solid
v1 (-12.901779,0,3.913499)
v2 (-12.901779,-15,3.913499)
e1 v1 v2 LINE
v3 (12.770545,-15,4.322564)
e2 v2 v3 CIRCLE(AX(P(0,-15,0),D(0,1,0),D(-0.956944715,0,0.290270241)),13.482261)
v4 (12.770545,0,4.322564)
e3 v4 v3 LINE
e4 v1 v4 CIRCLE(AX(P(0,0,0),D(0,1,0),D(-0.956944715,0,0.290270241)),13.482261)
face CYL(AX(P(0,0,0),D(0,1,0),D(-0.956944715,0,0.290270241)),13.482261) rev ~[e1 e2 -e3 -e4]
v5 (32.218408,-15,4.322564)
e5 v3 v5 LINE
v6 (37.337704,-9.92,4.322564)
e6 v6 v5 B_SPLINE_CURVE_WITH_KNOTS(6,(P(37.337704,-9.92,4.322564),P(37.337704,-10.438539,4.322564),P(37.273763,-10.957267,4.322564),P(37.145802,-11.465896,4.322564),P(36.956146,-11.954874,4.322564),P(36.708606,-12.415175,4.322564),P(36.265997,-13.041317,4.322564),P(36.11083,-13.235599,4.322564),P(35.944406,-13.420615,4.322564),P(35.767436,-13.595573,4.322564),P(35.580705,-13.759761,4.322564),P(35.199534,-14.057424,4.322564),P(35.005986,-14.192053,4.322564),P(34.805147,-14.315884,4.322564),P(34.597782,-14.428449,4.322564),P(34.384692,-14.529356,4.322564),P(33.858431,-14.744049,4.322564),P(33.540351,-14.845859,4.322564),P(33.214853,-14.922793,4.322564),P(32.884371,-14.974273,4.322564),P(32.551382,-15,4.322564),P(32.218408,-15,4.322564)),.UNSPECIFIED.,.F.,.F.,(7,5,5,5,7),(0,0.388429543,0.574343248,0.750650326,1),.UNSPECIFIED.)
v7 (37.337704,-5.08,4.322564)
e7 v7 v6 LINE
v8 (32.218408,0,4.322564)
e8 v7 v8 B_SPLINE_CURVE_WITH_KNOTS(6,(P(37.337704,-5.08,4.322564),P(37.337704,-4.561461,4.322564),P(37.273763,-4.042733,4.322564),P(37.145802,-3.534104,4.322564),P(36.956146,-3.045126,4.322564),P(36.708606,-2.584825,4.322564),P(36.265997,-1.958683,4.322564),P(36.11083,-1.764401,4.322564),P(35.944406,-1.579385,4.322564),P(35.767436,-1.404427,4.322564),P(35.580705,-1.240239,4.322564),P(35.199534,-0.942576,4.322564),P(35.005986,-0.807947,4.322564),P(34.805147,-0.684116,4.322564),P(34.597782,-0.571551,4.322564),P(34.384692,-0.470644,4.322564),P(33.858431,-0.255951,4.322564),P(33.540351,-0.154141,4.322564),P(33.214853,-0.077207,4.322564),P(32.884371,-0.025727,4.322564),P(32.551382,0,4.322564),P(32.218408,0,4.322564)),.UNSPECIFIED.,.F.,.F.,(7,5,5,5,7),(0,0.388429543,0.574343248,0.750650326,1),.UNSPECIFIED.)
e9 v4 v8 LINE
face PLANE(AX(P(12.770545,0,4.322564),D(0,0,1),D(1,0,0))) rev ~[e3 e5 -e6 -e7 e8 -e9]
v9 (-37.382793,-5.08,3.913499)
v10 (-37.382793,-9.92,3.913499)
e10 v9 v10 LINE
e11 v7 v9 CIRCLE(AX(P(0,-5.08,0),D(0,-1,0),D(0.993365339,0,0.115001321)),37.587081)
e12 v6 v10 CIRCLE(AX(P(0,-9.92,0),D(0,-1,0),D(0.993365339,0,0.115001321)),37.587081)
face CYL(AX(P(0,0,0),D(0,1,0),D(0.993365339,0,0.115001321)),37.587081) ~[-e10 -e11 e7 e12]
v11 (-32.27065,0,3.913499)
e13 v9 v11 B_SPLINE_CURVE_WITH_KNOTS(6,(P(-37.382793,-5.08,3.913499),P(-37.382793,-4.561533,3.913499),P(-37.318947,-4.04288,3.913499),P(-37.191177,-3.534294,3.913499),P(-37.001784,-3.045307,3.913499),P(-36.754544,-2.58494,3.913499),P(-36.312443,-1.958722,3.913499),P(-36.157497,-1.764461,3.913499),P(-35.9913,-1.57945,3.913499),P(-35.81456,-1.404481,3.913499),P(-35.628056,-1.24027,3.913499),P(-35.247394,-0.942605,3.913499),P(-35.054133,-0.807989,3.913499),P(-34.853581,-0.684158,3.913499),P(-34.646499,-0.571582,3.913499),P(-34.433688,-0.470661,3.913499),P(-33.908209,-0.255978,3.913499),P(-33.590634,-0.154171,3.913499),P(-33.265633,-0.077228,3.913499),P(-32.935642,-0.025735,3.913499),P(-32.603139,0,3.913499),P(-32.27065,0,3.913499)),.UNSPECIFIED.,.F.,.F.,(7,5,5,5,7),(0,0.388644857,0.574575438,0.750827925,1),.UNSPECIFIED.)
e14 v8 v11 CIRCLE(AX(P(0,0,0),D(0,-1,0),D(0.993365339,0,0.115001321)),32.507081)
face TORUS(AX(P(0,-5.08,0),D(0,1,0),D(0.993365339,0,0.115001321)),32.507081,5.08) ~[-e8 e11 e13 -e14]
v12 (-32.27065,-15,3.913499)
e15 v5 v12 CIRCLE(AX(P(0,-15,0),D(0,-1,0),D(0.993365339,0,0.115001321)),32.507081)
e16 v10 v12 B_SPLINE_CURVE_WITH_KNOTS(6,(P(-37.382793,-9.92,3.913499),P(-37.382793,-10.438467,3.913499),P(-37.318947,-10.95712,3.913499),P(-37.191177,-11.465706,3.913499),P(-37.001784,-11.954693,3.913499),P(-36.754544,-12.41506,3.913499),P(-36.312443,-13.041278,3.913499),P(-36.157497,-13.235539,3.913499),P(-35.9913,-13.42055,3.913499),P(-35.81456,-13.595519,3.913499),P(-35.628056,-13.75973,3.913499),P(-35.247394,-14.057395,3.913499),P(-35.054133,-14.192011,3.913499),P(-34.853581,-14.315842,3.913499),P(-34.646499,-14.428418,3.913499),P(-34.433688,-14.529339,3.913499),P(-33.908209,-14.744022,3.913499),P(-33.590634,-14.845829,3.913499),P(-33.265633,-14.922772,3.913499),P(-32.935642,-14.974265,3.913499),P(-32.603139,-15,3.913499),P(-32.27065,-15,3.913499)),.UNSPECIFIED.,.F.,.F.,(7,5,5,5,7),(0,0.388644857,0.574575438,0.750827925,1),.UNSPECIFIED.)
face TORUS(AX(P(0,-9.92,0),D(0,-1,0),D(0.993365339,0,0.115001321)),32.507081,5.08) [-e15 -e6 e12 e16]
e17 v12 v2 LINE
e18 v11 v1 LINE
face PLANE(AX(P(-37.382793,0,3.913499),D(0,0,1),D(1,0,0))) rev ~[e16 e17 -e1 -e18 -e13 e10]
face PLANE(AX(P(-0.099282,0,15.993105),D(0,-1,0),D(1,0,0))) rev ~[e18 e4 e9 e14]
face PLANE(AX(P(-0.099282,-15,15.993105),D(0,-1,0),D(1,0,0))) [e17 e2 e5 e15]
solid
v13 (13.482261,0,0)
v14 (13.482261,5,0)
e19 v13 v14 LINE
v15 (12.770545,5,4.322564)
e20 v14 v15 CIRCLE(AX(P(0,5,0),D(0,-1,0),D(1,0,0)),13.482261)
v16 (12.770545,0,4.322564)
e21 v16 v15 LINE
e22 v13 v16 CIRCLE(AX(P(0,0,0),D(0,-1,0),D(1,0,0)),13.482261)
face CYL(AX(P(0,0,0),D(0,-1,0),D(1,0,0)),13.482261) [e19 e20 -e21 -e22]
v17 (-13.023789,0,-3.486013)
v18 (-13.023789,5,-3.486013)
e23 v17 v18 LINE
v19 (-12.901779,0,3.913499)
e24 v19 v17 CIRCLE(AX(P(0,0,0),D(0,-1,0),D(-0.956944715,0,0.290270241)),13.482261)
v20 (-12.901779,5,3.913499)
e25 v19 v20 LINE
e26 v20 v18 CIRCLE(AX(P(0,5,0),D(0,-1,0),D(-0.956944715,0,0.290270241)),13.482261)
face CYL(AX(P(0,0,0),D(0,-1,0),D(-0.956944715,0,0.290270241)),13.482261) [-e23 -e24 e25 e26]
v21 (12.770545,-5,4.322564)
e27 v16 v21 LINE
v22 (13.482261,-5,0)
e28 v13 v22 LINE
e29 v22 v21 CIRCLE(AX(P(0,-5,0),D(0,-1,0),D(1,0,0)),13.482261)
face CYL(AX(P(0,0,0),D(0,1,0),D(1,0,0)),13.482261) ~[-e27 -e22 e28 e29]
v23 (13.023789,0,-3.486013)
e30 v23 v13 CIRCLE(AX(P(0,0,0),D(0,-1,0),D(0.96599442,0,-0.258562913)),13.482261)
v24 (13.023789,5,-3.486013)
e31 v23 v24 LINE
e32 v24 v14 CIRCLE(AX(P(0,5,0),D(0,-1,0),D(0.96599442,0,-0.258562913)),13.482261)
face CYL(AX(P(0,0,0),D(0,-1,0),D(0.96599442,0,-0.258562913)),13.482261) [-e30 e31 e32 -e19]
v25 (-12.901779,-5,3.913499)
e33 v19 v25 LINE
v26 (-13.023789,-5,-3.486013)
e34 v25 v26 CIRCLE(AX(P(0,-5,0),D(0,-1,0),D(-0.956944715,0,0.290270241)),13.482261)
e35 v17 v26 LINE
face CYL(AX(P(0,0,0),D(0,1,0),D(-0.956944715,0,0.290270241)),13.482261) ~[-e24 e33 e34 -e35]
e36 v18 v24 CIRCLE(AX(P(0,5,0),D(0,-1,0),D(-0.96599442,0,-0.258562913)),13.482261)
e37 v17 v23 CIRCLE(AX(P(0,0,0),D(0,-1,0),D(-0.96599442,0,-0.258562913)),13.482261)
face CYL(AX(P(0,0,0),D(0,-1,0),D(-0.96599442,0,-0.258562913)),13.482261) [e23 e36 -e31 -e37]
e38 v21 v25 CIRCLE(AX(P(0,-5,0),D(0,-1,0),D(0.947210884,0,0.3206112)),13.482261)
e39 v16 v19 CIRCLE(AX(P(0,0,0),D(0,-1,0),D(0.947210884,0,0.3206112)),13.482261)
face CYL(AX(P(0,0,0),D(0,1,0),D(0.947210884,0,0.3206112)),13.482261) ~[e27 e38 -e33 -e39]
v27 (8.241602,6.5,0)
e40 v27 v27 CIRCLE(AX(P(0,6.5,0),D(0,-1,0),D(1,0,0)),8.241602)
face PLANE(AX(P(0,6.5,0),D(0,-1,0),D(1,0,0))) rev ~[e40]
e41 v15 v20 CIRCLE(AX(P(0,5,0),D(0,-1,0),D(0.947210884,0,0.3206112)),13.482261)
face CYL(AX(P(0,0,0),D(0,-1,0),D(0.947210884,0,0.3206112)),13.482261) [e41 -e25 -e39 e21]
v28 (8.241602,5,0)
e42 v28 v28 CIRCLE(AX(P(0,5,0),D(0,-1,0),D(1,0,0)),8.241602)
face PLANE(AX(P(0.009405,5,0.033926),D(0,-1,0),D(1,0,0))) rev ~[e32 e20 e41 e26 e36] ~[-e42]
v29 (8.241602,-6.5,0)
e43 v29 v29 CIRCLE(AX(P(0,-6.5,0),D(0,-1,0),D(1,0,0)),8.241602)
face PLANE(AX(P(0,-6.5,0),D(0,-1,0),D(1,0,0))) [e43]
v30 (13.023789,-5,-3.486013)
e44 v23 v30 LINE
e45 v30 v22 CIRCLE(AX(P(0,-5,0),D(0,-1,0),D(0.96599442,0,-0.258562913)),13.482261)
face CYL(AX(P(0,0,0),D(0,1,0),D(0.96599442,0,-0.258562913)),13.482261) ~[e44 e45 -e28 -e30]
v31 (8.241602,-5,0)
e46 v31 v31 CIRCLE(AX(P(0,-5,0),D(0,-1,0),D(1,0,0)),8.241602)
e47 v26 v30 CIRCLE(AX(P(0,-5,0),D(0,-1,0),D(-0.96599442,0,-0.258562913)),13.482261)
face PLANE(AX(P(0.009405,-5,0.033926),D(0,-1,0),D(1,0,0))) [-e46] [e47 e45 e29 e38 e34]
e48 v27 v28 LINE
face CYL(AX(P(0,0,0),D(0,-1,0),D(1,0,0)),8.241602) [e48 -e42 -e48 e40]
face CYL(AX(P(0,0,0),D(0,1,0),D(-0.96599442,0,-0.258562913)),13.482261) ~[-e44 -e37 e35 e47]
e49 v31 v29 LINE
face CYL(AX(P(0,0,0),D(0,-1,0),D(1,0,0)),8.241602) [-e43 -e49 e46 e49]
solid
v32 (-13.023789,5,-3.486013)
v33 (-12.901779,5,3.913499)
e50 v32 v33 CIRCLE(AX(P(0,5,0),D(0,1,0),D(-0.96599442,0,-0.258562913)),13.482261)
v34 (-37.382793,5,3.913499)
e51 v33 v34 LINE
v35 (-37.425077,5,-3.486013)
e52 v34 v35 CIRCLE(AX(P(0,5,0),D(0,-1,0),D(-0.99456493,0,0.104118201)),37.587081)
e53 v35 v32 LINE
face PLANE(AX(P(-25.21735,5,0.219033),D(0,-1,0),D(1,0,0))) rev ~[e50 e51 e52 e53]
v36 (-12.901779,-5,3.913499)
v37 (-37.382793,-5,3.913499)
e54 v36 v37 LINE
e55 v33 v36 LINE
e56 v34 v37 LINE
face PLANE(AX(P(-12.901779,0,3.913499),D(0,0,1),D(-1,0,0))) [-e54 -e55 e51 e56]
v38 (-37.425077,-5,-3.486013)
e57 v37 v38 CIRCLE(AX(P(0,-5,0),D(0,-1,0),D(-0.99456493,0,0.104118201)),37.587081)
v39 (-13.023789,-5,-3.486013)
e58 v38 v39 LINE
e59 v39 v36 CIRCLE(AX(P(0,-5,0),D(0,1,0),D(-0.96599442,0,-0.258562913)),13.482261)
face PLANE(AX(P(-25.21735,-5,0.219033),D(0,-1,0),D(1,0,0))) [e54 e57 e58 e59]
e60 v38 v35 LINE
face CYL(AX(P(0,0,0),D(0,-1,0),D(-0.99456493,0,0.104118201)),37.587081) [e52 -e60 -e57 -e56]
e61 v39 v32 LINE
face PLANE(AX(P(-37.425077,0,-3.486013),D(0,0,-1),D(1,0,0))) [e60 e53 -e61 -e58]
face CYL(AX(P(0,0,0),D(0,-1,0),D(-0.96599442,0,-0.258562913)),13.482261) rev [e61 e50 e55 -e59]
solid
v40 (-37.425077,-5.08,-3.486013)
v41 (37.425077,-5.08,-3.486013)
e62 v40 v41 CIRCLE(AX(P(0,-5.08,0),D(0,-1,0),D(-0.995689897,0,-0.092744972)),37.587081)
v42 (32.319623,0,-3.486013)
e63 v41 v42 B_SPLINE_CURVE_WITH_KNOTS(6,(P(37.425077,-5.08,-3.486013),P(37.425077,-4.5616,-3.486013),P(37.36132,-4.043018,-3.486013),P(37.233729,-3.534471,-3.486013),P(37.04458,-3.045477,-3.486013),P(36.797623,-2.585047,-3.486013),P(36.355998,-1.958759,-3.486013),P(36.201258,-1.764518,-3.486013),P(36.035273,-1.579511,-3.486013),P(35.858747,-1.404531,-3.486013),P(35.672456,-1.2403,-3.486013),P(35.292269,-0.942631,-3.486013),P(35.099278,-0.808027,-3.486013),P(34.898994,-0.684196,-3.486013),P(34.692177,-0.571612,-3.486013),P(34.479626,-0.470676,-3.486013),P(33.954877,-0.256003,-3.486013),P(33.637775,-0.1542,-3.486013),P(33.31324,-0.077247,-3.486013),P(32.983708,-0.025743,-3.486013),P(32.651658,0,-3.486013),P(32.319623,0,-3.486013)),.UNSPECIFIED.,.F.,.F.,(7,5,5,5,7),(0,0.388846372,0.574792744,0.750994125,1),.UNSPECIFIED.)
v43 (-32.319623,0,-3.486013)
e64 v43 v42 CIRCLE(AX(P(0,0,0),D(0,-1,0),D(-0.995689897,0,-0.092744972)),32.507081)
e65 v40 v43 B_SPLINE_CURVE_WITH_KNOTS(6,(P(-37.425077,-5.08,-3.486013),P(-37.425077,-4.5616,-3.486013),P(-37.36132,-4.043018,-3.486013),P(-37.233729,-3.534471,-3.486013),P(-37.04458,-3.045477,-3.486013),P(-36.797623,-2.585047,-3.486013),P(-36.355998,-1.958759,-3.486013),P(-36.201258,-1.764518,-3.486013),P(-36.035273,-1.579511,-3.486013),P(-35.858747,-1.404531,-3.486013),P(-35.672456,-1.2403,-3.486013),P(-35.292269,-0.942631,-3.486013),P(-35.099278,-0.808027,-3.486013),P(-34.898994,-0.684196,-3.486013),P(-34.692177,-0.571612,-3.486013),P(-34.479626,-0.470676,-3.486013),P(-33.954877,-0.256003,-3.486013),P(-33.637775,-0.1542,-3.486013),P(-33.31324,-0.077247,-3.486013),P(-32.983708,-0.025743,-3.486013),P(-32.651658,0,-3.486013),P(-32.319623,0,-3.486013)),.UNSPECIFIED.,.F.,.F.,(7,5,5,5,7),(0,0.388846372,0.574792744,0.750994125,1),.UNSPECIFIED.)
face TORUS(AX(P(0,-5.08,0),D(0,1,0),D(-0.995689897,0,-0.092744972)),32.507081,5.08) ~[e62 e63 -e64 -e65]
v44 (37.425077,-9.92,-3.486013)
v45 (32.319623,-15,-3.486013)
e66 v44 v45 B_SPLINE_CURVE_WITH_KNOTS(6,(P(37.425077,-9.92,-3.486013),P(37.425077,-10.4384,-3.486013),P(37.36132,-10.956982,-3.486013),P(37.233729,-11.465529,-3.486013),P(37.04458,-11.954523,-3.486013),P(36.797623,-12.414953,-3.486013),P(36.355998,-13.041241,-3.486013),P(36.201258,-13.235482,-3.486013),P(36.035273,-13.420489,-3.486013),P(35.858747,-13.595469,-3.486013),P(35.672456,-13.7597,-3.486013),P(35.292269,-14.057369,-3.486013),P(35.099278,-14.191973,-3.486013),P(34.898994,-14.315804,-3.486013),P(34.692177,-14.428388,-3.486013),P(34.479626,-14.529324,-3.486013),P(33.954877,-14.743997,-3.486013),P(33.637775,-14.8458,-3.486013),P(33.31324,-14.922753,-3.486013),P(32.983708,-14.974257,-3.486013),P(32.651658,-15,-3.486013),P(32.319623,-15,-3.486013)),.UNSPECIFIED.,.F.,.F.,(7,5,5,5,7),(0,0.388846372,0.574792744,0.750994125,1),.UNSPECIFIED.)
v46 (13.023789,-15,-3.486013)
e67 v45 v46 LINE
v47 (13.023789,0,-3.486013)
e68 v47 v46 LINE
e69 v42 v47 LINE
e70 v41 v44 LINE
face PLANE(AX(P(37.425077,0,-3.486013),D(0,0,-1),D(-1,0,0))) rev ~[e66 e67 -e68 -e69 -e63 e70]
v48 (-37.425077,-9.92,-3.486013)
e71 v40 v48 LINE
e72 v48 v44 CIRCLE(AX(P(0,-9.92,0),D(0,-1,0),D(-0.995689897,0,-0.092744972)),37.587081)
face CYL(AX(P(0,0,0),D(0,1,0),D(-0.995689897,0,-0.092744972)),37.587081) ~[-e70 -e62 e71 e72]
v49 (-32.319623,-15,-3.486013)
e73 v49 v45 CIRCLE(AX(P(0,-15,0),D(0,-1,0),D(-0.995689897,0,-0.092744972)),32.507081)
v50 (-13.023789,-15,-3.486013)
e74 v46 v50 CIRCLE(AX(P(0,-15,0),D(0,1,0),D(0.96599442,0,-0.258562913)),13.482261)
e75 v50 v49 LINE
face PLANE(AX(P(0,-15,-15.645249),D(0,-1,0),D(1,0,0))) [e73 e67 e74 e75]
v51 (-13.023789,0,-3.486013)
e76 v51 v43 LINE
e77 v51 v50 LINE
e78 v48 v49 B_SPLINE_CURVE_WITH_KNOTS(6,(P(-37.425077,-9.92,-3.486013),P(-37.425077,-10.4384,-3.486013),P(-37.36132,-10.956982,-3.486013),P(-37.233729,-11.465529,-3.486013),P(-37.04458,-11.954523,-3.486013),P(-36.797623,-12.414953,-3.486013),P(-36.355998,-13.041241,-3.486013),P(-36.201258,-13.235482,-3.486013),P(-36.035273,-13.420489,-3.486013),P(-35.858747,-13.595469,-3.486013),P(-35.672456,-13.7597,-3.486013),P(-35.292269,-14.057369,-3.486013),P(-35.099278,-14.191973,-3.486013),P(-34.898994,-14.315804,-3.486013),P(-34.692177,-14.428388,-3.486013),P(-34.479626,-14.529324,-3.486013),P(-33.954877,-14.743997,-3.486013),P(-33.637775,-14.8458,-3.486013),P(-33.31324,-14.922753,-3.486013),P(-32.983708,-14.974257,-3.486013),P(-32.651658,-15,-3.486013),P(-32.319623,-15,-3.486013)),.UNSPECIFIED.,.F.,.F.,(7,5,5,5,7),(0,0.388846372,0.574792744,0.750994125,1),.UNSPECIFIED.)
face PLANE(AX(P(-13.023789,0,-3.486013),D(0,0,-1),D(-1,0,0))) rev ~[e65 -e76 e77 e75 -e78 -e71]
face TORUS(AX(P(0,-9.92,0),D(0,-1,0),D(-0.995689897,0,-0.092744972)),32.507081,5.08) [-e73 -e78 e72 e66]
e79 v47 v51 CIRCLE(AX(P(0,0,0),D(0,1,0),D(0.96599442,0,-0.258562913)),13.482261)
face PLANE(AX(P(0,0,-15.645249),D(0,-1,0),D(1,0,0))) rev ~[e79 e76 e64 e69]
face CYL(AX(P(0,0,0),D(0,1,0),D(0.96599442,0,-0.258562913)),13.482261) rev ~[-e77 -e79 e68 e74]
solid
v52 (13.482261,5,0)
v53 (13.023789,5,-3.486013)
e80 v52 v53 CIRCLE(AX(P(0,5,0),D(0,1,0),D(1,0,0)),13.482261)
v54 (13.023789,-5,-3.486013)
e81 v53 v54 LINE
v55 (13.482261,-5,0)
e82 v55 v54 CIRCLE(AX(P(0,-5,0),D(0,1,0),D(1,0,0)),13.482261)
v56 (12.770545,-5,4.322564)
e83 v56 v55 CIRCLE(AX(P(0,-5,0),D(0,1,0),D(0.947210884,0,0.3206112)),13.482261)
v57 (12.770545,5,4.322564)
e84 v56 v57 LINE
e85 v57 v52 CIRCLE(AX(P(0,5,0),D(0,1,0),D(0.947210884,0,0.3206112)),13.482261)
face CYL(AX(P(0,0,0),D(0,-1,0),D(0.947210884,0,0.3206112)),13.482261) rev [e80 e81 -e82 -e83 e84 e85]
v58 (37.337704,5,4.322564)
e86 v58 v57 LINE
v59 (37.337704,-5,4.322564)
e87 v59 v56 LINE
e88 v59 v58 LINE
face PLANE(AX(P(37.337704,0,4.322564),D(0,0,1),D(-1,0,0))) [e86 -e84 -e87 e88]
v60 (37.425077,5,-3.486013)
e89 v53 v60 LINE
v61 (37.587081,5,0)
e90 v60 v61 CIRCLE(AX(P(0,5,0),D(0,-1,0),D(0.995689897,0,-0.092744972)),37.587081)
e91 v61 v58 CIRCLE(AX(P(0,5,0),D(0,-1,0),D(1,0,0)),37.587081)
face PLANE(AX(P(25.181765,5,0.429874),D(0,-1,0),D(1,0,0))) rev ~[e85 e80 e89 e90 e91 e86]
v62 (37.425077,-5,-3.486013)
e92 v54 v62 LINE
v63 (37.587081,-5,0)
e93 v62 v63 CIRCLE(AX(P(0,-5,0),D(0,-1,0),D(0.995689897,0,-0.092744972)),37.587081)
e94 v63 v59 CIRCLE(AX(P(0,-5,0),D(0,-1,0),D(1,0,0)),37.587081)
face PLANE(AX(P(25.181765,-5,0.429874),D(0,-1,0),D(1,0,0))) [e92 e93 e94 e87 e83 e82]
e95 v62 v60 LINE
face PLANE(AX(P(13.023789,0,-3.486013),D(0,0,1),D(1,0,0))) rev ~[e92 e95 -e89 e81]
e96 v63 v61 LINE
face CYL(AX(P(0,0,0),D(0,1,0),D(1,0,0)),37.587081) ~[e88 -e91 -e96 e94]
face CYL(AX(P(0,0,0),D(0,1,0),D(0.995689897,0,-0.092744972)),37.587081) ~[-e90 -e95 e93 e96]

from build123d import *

# Parameters (mm, degrees)
F1_DEPTH = 15
F0_R     = 8.2416015479
F2_DEPTH = 5
F3_DEPTH = 6.5
F4_DEPTH = 5
F5_R     = 5.08
F5_2_R   = 5.08


with BuildPart() as f1:
    # F0 (on Front) → F1 (new body)
    with BuildSketch(Plane.XZ):
        with BuildLine():
            Line((37.4250772246, -3.4860127999), (13.0237893567, -3.4860127999))
            ThreePointArc((13.0237893567, -3.4860127999), (0, -13.4822614739), (-13.0237893567, -3.4860127999))
            Line((-13.0237893567, -3.4860127999), (-37.4250772246, -3.4860127999))
            ThreePointArc((-37.4250772246, -3.4860127999), (0, -37.5870814311), (37.4250772246, -3.4860127999))
        make_face()
    extrude(amount=F1_DEPTH)

    # F5#2
    f5_2_edges = [f1.edges().sort_by_distance(p)[0] for p in [
        (0, -15, -37.587081),
        (0, 0, -37.587081),
    ]]
    fillet(f5_2_edges, radius=F5_2_R)


with BuildPart() as f1b:
    # F0 (on Front) → F1, piece 2 (new body)
    with BuildSketch(Plane.XZ):
        with BuildLine():
            ThreePointArc((-12.9017788597, 3.9134992915), (-0.214800106, 13.4805502619), (12.7705448046, 4.3225640357))
            Line((12.7705448046, 4.3225640357), (37.3377038751, 4.3225640357))
            ThreePointArc((37.3377038751, 4.3225640357), (-0.2057711081, 37.5865181782), (-37.3827930177, 3.9134992915))
            Line((-37.3827930177, 3.9134992915), (-12.9017788597, 3.9134992915))
        make_face()
    extrude(amount=F1_DEPTH)

    # F5
    f5_edges = [f1b.edges().sort_by_distance(p)[0] for p in [
        (-0.205771, -15, 37.586518),
        (-0.205771, 0, 37.586518),
    ]]
    fillet(f5_edges, radius=F5_R)


with BuildPart() as f2:
    # F0 (on Front) → F2 (new body, symmetric)
    with BuildSketch(Plane.XZ):
        with BuildLine():
            ThreePointArc((13.0237893567, -3.4860127999), (13.3671520515, -1.7580160639), (13.4822614739, 0))
            ThreePointArc((13.4822614739, 0), (13.3031424609, 2.1903824129), (12.7705448046, 4.3225640357))
            ThreePointArc((12.7705448046, 4.3225640357), (-0.214800106, 13.4805502619), (-12.9017788597, 3.9134992915))
            ThreePointArc((-12.9017788597, 3.9134992915), (-13.4804290226, 0.2222786887), (-13.0237893567, -3.4860127999))
            ThreePointArc((-13.0237893567, -3.4860127999), (0, -13.4822614739), (13.0237893567, -3.4860127999))
        make_face()
        Circle(F0_R, mode=Mode.SUBTRACT)
    extrude(amount=F2_DEPTH, both=True)

    # F0 (on Front) → F3 (join, symmetric)
    with BuildSketch(Plane.XZ):
        Circle(F0_R)
    extrude(amount=F3_DEPTH, both=True)


with BuildPart() as f4:
    # F0 (on Front) → F4 (new body, symmetric)
    with BuildSketch(Plane.XZ):
        with BuildLine():
            ThreePointArc((-13.0237893567, -3.4860127999), (-13.4804290226, 0.2222786887), (-12.9017788597, 3.9134992915))
            Line((-12.9017788597, 3.9134992915), (-37.3827930177, 3.9134992915))
            ThreePointArc((-37.3827930177, 3.9134992915), (-37.5864677423, 0.2147863209), (-37.4250772246, -3.4860127999))
            Line((-37.4250772246, -3.4860127999), (-13.0237893567, -3.4860127999))
        make_face()
    extrude(amount=F4_DEPTH, both=True)


with BuildPart() as f4b:
    # F0 (on Front) → F4, piece 2 (new body, symmetric)
    with BuildSketch(Plane.XZ):
        with BuildLine():
            ThreePointArc((12.7705448046, 4.3225640357), (13.3031424609, 2.1903824129), (13.4822614739, 0))
            ThreePointArc((13.4822614739, 0), (13.3671520515, -1.7580160639), (13.0237893567, -3.4860127999))
            Line((13.0237893567, -3.4860127999), (37.4250772246, -3.4860127999))
            ThreePointArc((37.4250772246, -3.4860127999), (37.5465585355, -1.7448875755), (37.5870814311, 0))
            ThreePointArc((37.5870814311, 0), (37.5246852519, 2.1648758052), (37.3377038751, 4.3225640357))
            Line((37.3377038751, 4.3225640357), (12.7705448046, 4.3225640357))
        make_face()
    extrude(amount=F4_DEPTH, both=True)


solid = Compound([f1.part, f1b.part, f2.part, f4.part, f4b.part])
